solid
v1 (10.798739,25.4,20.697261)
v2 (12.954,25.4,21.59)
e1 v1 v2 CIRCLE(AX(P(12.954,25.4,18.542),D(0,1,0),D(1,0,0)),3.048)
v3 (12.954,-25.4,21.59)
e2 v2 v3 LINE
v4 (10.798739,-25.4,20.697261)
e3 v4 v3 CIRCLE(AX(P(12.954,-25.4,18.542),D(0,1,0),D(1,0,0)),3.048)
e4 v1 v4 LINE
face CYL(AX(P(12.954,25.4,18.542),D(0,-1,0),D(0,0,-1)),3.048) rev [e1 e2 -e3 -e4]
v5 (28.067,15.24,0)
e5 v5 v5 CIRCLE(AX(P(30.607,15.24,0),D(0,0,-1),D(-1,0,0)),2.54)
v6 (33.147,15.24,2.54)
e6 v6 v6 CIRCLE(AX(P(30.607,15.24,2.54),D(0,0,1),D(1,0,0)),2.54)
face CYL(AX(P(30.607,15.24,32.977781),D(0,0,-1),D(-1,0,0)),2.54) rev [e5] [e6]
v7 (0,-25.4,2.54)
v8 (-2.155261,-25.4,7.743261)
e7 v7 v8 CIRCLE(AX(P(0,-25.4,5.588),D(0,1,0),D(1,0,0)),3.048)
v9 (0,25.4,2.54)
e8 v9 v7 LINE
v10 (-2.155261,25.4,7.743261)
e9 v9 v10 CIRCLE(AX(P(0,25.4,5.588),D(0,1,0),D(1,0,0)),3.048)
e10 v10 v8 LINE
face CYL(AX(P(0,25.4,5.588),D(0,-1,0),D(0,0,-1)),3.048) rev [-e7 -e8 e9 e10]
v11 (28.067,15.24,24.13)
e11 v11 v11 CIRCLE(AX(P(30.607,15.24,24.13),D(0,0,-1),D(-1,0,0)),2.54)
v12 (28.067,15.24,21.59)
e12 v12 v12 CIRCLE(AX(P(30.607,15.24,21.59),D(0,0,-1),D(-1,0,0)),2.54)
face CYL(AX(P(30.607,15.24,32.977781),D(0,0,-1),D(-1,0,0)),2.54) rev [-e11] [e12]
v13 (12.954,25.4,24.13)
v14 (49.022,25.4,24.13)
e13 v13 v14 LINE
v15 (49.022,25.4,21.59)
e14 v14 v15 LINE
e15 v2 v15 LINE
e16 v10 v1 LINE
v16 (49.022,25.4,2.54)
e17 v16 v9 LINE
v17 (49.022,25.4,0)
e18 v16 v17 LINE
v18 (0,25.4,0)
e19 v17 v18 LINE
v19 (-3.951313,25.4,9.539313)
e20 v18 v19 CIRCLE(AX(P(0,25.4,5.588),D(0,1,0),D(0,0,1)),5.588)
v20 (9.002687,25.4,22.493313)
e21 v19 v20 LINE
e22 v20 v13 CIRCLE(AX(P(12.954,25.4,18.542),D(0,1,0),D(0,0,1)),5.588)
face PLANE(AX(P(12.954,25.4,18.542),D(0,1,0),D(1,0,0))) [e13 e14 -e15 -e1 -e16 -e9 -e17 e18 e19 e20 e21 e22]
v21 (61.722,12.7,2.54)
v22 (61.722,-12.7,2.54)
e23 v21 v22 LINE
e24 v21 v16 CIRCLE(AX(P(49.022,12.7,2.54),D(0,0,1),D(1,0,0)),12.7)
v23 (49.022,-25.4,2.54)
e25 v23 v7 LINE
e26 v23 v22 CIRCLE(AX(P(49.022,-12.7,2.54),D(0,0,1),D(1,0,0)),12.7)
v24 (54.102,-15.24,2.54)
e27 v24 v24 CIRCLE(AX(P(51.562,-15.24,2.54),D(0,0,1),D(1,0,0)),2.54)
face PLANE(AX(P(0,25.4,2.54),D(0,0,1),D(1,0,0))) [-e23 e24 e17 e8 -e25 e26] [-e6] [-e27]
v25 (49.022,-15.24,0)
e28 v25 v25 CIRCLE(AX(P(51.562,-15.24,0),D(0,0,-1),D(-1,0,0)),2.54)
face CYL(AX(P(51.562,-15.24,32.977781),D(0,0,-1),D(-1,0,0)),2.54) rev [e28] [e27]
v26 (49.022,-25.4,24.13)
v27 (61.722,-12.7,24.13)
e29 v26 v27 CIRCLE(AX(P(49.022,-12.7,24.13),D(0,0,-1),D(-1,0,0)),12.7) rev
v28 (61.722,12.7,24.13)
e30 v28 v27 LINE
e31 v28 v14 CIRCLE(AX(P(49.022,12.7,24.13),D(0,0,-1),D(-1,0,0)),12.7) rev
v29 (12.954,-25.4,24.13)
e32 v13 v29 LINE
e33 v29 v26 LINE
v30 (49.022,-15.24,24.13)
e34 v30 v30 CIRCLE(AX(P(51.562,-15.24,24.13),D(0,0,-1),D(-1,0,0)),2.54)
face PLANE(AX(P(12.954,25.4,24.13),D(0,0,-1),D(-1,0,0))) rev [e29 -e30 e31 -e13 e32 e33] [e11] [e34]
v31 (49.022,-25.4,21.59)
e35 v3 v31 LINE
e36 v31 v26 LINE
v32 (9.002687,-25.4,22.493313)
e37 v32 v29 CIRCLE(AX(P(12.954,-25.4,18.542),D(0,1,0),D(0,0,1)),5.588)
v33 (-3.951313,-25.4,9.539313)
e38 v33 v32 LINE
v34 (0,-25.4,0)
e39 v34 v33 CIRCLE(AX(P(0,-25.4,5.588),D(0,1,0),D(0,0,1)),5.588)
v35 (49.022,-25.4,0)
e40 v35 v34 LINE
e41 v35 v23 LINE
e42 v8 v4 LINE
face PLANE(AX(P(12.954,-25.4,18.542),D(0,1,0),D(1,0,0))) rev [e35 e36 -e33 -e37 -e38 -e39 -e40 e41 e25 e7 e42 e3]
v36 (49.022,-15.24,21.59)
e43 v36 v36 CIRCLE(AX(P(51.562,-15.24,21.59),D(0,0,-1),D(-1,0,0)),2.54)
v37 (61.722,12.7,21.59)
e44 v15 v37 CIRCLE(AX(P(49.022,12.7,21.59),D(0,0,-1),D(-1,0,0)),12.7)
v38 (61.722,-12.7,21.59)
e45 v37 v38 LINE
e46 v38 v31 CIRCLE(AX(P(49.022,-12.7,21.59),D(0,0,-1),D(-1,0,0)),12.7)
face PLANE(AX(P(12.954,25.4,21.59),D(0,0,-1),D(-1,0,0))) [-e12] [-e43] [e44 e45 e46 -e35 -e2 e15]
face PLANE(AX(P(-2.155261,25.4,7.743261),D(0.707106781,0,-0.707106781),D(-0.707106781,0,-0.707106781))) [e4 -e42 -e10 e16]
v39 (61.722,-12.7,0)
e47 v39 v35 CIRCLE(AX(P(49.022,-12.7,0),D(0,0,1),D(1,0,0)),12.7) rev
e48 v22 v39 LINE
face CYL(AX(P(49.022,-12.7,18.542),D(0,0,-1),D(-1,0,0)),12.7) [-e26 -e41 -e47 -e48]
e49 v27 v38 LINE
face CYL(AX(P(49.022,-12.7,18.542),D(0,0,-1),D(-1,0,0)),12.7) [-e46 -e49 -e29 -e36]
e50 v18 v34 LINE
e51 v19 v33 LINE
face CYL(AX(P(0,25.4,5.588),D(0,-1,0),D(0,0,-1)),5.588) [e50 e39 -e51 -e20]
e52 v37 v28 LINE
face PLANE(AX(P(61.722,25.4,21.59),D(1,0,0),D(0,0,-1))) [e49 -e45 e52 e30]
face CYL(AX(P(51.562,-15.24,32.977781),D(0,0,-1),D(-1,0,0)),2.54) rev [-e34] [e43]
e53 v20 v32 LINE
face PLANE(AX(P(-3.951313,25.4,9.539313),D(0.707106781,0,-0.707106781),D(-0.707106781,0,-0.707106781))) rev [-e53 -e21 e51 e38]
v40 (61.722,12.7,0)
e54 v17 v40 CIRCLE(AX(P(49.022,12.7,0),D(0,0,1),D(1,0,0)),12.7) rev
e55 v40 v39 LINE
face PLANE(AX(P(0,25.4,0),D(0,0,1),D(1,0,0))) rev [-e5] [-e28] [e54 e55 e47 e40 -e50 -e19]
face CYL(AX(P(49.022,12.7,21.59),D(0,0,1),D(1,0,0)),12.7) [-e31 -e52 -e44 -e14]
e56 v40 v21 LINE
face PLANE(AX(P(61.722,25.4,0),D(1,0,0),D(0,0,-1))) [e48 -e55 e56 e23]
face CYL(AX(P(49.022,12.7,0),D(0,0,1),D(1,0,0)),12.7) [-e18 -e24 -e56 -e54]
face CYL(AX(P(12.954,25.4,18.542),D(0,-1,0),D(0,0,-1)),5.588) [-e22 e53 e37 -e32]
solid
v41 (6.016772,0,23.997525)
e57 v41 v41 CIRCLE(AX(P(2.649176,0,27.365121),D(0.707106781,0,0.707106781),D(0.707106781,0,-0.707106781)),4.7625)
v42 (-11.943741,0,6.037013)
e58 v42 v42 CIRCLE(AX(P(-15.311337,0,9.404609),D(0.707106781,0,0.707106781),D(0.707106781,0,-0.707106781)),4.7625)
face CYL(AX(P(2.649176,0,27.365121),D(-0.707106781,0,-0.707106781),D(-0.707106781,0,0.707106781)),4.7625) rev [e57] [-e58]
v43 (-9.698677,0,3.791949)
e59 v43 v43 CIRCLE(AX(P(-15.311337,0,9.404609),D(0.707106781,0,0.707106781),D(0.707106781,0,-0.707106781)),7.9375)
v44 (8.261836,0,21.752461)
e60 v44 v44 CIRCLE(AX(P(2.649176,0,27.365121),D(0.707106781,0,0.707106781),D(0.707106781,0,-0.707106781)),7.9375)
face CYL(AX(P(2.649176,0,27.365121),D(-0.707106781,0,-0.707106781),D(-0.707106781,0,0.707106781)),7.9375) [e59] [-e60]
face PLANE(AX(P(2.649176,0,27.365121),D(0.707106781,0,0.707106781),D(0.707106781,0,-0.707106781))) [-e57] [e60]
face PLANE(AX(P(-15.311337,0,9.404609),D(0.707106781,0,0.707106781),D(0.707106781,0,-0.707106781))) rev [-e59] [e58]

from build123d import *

# Parameters (mm, degrees)
EXTRUDE_THIN1_DEPTH = 25.4
SKETCH2_R           = 7.9375
SKETCH2_R_2         = 4.7625
BOSS_EXTRUDE2_DEPTH = 25.4
FILLET1_R           = 12.7
SKETCH4_R           = 2.54
CUT_EXTRUDE1_DEPTH  = 33.977781169


with BuildPart() as part:
    # Sketch1 → Extrude-Thin1 (new body, symmetric)
    with BuildSketch(Plane(origin=(0, 0, 0), x_dir=(1, 0, 0), z_dir=(0, 1, 0))):
        with BuildLine():
            Line((61.722, -24.13), (12.954, -24.13))
            ThreePointArc((12.954, -24.13), (10.81556498, -23.704638828), (9.002687307, -22.493312693))
            Line((9.002687307, -22.493312693), (-3.951312693, -9.539312693))
            ThreePointArc((-3.951312693, -9.539312693), (-5.162638828, -3.44956498), (0, 0))
            Line((0, 0), (61.722, 0))
            Line((61.722, 0), (61.722, -2.54))
            Line((61.722, -2.54), (0, -2.54))
            ThreePointArc((0, -2.54), (-2.815984815, -4.421580898), (-2.155261469, -7.743261469))
            Line((-2.155261469, -7.743261469), (10.798738531, -20.697261469))
            ThreePointArc((10.798738531, -20.697261469), (11.787580898, -21.357984815), (12.954, -21.59))
            Line((12.954, -21.59), (61.722, -21.59))
            Line((61.722, -21.59), (61.722, -24.13))
        make_face()
    extrude(amount=EXTRUDE_THIN1_DEPTH, both=True)

    # Fillet1
    fillet1_edges = [part.edges().sort_by_distance(p)[0] for p in [
        (61.722, -25.4, 1.27),
        (61.722, -25.4, 22.86),
        (61.722, 25.4, 1.27),
        (61.722, 25.4, 22.86),
    ]]
    fillet(fillet1_edges, radius=FILLET1_R)

    # Sketch4 → Cut-Extrude1 (cut, through all)
    with BuildSketch(Plane(origin=(0, 0, 0), x_dir=(-1, 0, 0), z_dir=(0, 0, -1))):
        with Locations((-51.562, -15.24)):
            Circle(SKETCH4_R)
        with Locations((-30.607, 15.24)):
            Circle(SKETCH4_R)
    extrude(amount=-CUT_EXTRUDE1_DEPTH, mode=Mode.SUBTRACT)


with BuildPart() as body_2:
    # Sketch2 → Boss-Extrude2 (new body)
    with BuildSketch(Plane(origin=(-9.698676611, 25.4, 3.791948776), x_dir=(0.707106781, 0, -0.707106781), z_dir=(0.707106781, 0, 0.707106781))):
        with Locations((-7.9375, -25.4)):
            Circle(SKETCH2_R)
        with Locations((-7.9375, -25.4)):
            Circle(SKETCH2_R_2, mode=Mode.SUBTRACT)
    extrude(amount=BOSS_EXTRUDE2_DEPTH)


solid = Compound([part.part, body_2.part])
